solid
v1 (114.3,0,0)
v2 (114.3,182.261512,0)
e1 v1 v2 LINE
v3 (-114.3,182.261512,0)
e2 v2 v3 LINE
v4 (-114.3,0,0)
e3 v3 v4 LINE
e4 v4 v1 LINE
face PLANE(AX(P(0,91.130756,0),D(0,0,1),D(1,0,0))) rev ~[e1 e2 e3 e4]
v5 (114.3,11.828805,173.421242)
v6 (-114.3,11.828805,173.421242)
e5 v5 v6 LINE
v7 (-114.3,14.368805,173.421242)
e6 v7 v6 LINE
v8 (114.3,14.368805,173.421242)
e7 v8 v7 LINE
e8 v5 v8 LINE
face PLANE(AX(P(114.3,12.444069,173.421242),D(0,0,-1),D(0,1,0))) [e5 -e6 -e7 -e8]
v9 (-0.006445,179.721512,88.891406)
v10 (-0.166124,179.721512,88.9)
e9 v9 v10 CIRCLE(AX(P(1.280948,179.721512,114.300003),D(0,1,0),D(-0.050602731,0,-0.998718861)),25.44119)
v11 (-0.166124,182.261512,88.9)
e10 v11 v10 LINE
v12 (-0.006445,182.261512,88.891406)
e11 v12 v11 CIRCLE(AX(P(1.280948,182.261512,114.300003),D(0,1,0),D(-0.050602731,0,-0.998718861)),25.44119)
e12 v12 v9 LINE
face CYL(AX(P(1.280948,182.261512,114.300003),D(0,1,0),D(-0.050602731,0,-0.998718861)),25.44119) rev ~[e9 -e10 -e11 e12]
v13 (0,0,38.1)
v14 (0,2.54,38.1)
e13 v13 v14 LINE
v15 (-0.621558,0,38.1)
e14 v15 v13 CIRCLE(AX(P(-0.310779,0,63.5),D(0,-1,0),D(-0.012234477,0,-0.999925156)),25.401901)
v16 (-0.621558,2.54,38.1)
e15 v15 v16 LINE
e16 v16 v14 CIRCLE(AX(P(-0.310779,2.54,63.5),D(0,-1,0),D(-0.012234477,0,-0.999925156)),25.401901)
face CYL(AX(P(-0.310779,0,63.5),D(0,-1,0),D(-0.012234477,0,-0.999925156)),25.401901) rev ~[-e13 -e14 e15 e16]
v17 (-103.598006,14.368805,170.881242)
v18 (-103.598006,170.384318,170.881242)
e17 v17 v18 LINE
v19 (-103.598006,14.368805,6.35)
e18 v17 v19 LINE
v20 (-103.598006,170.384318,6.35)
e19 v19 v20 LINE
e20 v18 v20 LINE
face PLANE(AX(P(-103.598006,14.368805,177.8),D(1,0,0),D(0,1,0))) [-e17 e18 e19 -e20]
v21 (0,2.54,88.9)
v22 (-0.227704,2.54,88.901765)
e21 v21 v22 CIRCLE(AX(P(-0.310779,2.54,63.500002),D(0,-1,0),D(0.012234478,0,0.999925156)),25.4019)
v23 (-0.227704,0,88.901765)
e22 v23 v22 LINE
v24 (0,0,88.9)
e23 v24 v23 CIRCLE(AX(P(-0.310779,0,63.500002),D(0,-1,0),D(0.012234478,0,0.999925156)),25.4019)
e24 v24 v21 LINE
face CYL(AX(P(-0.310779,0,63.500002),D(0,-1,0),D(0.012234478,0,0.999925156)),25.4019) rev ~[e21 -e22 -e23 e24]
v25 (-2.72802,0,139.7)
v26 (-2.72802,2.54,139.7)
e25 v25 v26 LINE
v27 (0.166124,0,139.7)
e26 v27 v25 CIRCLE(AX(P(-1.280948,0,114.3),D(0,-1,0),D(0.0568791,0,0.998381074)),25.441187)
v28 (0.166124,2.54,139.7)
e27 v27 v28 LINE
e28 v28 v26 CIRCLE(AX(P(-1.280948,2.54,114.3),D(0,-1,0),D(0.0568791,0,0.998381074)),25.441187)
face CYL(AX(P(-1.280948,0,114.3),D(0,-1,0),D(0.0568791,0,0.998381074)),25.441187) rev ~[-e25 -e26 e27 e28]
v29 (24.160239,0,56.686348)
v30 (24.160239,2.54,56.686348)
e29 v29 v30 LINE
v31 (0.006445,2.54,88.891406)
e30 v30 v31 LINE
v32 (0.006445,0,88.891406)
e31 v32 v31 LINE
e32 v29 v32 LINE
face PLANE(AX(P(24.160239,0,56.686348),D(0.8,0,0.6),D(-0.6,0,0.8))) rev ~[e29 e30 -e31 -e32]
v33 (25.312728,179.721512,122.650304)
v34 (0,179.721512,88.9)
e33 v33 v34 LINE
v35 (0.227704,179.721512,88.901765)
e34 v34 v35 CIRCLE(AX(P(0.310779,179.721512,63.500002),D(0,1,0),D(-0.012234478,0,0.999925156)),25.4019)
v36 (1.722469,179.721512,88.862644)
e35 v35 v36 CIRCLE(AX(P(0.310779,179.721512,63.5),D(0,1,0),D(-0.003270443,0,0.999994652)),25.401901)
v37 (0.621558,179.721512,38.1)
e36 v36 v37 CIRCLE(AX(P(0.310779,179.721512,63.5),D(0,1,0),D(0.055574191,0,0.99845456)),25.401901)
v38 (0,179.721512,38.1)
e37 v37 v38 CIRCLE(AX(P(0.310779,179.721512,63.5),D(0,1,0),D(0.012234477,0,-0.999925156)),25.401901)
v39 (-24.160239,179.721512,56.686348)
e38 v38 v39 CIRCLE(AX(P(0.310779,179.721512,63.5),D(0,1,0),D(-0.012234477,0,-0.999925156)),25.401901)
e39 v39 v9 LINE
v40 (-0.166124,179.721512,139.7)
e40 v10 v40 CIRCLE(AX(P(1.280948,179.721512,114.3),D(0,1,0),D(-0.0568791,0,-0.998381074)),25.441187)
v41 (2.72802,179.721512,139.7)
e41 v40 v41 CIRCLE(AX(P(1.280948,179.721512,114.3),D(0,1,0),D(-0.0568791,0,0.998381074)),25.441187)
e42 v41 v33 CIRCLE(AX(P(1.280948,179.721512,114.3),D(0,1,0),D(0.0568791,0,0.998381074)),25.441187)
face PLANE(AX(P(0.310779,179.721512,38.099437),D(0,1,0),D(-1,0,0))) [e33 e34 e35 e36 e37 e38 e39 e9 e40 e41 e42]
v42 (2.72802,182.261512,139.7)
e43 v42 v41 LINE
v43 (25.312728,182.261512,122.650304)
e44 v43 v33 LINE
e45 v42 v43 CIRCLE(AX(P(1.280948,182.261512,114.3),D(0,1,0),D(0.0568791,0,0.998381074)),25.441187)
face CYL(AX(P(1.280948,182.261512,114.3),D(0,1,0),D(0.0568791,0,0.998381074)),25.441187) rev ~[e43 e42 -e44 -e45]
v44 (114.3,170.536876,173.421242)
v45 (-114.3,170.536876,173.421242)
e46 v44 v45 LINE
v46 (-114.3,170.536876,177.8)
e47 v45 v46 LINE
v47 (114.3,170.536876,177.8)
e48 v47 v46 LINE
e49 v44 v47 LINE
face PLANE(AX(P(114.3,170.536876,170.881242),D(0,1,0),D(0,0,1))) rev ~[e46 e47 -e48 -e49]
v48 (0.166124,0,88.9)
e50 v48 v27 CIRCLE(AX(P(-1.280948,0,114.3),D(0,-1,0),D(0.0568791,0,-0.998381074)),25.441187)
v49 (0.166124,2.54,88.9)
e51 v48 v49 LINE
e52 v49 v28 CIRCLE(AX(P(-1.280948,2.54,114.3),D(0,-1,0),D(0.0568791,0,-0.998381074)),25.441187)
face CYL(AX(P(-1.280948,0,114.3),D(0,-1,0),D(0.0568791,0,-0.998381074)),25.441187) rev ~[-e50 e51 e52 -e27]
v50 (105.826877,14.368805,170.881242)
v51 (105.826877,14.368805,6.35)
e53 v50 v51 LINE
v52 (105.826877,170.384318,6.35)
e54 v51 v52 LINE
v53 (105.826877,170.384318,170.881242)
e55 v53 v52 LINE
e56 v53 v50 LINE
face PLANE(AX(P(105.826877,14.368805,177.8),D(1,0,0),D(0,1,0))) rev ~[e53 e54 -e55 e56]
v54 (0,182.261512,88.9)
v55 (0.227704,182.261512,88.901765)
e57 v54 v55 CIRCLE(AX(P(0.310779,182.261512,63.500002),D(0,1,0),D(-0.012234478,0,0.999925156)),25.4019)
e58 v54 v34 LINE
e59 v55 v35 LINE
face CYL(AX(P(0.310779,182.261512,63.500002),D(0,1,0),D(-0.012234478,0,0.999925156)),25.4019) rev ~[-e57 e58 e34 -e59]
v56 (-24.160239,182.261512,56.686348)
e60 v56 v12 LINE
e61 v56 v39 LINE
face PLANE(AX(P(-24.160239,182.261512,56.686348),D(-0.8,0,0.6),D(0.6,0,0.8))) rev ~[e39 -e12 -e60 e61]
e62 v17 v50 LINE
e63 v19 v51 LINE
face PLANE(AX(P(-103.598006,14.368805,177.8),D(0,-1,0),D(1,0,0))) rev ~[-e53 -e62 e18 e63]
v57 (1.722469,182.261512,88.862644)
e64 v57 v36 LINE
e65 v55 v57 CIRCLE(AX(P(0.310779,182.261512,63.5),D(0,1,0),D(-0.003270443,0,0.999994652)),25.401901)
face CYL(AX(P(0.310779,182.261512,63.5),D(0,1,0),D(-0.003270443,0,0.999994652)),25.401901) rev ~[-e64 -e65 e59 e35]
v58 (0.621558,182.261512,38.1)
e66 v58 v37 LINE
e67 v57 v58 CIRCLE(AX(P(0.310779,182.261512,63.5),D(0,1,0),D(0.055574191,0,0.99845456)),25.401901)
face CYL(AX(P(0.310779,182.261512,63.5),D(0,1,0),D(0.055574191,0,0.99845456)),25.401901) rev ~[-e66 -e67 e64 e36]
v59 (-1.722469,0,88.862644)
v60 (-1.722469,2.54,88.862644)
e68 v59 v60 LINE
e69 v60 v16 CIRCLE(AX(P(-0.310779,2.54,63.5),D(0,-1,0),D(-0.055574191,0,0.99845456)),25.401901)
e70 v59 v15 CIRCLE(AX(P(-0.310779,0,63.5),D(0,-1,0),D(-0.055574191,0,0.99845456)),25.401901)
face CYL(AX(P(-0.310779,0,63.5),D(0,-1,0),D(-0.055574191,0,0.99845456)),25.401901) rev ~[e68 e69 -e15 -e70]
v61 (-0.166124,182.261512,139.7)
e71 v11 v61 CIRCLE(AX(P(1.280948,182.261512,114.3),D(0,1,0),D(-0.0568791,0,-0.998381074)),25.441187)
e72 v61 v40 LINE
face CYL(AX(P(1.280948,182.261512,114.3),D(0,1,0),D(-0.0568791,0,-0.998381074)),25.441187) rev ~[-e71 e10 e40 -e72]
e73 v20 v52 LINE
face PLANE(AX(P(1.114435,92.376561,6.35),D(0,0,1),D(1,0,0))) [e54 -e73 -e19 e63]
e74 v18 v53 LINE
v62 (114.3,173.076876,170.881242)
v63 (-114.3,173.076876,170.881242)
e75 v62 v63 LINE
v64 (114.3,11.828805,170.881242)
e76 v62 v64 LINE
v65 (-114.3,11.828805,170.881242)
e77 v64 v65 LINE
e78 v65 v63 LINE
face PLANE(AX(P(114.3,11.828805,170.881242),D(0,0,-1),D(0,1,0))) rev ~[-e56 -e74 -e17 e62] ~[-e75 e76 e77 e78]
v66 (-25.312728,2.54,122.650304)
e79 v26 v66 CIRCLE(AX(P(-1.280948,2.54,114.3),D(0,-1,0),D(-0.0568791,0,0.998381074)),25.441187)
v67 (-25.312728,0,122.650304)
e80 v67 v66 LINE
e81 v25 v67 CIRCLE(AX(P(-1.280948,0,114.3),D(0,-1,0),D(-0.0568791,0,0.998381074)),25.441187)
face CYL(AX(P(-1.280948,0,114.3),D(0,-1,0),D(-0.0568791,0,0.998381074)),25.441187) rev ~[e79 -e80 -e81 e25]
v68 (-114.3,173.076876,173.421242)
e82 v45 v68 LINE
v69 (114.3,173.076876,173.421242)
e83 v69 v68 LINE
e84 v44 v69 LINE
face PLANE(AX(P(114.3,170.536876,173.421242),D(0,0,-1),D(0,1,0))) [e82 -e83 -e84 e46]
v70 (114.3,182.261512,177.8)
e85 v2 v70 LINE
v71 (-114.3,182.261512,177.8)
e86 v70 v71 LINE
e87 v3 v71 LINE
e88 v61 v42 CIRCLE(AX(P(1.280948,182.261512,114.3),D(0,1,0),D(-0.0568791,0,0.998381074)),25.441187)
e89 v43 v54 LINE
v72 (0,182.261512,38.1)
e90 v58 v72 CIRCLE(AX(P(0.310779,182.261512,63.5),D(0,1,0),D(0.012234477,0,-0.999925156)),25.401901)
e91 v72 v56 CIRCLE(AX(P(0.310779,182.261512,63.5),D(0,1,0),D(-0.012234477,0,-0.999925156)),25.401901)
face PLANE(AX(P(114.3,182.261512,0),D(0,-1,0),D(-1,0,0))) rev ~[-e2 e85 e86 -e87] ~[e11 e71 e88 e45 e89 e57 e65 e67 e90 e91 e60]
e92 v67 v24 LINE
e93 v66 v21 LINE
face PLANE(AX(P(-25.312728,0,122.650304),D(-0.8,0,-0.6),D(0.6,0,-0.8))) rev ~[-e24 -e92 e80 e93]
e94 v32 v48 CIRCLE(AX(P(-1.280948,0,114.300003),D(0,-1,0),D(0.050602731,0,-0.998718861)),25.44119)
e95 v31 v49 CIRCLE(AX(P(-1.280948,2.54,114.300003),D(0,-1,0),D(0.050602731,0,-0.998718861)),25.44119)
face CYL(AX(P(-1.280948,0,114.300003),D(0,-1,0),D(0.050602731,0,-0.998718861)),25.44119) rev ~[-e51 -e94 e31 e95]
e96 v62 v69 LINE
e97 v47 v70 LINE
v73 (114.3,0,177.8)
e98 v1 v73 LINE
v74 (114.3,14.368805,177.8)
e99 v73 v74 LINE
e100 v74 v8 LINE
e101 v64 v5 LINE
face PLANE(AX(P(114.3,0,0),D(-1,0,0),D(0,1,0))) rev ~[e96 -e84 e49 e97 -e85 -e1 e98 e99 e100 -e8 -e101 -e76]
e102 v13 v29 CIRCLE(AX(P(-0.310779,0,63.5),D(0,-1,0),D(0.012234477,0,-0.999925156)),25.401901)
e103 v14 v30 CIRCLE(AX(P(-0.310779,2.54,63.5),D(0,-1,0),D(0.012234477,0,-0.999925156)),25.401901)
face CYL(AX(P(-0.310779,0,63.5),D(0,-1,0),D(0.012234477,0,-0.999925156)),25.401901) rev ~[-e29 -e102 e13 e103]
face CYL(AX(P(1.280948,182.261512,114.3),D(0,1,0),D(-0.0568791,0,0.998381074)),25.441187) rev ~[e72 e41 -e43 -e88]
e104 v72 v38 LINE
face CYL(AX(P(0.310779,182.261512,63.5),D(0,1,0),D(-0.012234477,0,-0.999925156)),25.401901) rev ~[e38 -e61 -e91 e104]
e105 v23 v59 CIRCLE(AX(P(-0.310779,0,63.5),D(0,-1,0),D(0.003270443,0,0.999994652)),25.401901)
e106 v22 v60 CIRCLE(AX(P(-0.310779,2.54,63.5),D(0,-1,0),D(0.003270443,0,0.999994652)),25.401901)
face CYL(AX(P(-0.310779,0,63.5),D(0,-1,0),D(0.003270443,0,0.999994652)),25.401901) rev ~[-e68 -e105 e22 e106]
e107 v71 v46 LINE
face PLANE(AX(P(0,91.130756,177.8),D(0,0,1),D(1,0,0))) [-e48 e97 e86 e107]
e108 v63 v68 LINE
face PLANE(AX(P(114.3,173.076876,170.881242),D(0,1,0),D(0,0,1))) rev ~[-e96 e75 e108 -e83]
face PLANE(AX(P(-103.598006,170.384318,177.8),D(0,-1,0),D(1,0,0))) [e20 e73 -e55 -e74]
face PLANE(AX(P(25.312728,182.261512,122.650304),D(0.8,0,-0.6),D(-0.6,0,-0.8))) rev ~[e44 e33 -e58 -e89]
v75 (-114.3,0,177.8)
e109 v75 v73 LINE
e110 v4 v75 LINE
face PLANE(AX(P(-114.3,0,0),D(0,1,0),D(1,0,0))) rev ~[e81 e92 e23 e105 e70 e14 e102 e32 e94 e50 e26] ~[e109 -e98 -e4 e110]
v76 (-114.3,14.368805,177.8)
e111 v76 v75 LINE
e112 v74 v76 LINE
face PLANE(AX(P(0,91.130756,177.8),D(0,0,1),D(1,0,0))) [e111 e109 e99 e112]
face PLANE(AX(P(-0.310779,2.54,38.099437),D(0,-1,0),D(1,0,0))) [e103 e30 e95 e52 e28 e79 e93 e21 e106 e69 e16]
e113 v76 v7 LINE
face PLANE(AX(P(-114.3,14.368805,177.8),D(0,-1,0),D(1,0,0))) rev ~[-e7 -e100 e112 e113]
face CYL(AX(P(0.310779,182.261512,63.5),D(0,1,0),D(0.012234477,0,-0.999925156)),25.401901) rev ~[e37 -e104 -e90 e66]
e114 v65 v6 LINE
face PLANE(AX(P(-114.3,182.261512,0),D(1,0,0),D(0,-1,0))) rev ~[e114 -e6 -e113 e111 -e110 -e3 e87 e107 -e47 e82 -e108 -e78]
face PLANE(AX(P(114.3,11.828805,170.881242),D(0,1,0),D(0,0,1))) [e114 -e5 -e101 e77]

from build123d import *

# Parameters (mm, degrees)
F1_DEPTH  = 177.8
F2_W      = 209.4248831272
F2_H      = 156.0155125335
F3_DEPTH  = 171.45
F4_W      = 155.5528063327
F4_H      = 6.91875844
F5_DEPTH  = 228.601
F6_W      = 2.54
F6_H      = 2.54
F7_DEPTH  = 228.601
F8_W      = 2.54
F8_H      = 2.54
F9_DEPTH  = 228.601
F10_W     = 8.4731229424
F10_H     = 0.6152642891
F11_DEPTH = 5.08
F12_W     = 10.7019939303
F12_H     = 0.6152642891
F13_DEPTH = 5.08
F14_W     = 0.6152642891
F14_H     = 2.54
F15_DEPTH = 228.601
F18_DEPTH = 2.54
F20_DEPTH = 2.54


with BuildPart() as f1:
    # F0 (on Top) → F1 (new body)
    with BuildSketch(Plane.XY):
        Polygon((-114.3, 0), (0, 0), (114.3, 0), (114.3, 182.2615116835), (-114.3, 182.2615116835), align=None)
    extrude(amount=F1_DEPTH)

    # F2 (on face) → F3 (cut)
    with BuildSketch(Plane.XY.offset(177.8)):
        with Locations((1.1144354939, 92.3765613697)):
            Rectangle(F2_W, F2_H)
    extrude(amount=-F3_DEPTH, mode=Mode.SUBTRACT)

    # F4 (on face) → F5 (cut, through all)
    with BuildSketch(Plane.YZ.offset(114.3)):
        with Locations((92.7604725584, 174.34062078)):
            Rectangle(F4_W, F4_H)
    extrude(amount=-F5_DEPTH, mode=Mode.SUBTRACT)

    # F6 (on face) → F7 (cut, through all)
    with BuildSketch(Plane.YZ.offset(114.3)):
        with Locations((171.8068757248, 172.15124156)):
            Rectangle(F6_W, F6_H)
    extrude(amount=-F7_DEPTH, mode=Mode.SUBTRACT)

    # F8 (on face) → F9 (cut, through all)
    with BuildSketch(Plane.YZ.offset(114.3)):
        with Locations((13.7140693921, 172.15124156)):
            Rectangle(F8_W, F8_H)
    extrude(amount=-F9_DEPTH, mode=Mode.SUBTRACT)

    # F10 (on face) → F11 (cut)
    with BuildSketch(Plane.XY.offset(177.8)):
        with Locations((110.0634385288, 14.6764372475)):
            Rectangle(F10_W, F10_H)
    extrude(amount=-F11_DEPTH, mode=Mode.SUBTRACT)

    # F12 (on face) → F13 (cut)
    with BuildSketch(Plane.XY.offset(177.8)):
        with Locations((-108.9490030348, 14.6764372475)):
            Rectangle(F12_W, F12_H)
    extrude(amount=-F13_DEPTH, mode=Mode.SUBTRACT)

    # F14 (on face) → F15 (cut, through all)
    with BuildSketch(Plane.YZ.offset(114.3)):
        with Locations((12.1364372475, 172.15124156)):
            Rectangle(F14_W, F14_H)
    extrude(amount=-F15_DEPTH, mode=Mode.SUBTRACT)

    # F17 (on face) → F18 (cut)
    with BuildSketch(Plane.XZ):
        with BuildLine():
            ThreePointArc((-0.6215579752, 38.1), (-0.3107789876, 38.0980988196), (0, 38.1))
            Line((0, 38.1), (-0.6215579752, 38.1))
        make_face()
        with BuildLine():
            Line((-0.6215579752, 38.1), (0, 38.1))
            ThreePointArc((0, 38.1), (15.1778442025, 43.3664673926), (24.1602391289, 56.6863478281))
            Line((24.1602391289, 56.6863478281), (0.0064452881, 88.8914062825))
            ThreePointArc((0.0064452881, 88.8914062825), (-0.8577674698, 88.8623323611), (-1.722469087, 88.8626440783))
            ThreePointArc((-1.722469087, 88.8626440783), (-25.7067084526, 62.9492276466), (-0.6215579752, 38.1))
        make_face()
        with BuildLine():
            ThreePointArc((-0.227703523, 88.9017653333), (-0.9753742254, 88.8932057202), (-1.722469087, 88.8626440783))
            ThreePointArc((-1.722469087, 88.8626440783), (-0.8577674698, 88.8623323611), (0.0064452881, 88.8914062825))
            Line((0.0064452881, 88.8914062825), (0, 88.9))
            ThreePointArc((0, 88.9), (-0.1138537398, 88.9006274972), (-0.227703523, 88.9017653333))
        make_face()
        with BuildLine():
            Line((0, 88.9), (0.0064452881, 88.8914062825))
            ThreePointArc((0.0064452881, 88.8914062825), (0.0862911744, 88.8955776847), (0.1661235568, 88.9))
            ThreePointArc((0.1661235568, 88.9), (0.0830617784, 88.8998641882), (0, 88.9))
        make_face()
        with BuildLine():
            ThreePointArc((0, 88.9), (-0.1138497834, 88.9011378184), (-0.227703523, 88.9017653333))
            ThreePointArc((-0.227703523, 88.9017653333), (-0.1138537398, 88.9006274972), (0, 88.9))
        make_face()
        with BuildLine():
            Line((-25.3127280516, 122.6503040688), (0, 88.9))
            ThreePointArc((0, 88.9), (0.0830617784, 88.8998641882), (0.1661235568, 88.9))
            ThreePointArc((0.1661235568, 88.9), (24.1602391289, 114.3), (0.1661235568, 139.7))
            Line((0.1661235568, 139.7), (0, 139.7))
            Line((0, 139.7), (-2.7280201219, 139.7))
            ThreePointArc((-2.7280201219, 139.7), (-16.6095490882, 134.6048766126), (-25.3127280516, 122.6503040688))
        make_face()
        with BuildLine():
            Line((0, 139.7), (0.1661235568, 139.7))
            ThreePointArc((0.1661235568, 139.7), (0.0830617784, 139.7001358118), (0, 139.7))
        make_face()
        with BuildLine():
            ThreePointArc((0, 139.7), (0.0830617784, 139.7001358118), (0.1661235568, 139.7))
            ThreePointArc((0.1661235568, 139.7), (-1.2809482826, 139.7411874115), (-2.7280201219, 139.7))
            Line((-2.7280201219, 139.7), (0, 139.7))
        make_face()
    extrude(amount=-F18_DEPTH, mode=Mode.SUBTRACT)

    # F19 (on face) → F20 (cut)
    with BuildSketch(Plane(origin=(0, 182.2615116835, 0), x_dir=(-1, 0, 0), z_dir=(0, 1, 0))):
        with BuildLine():
            ThreePointArc((-0.6215579752, 38.1), (-0.3107789876, 38.0980988196), (0, 38.1))
            Line((0, 38.1), (-0.6215579752, 38.1))
        make_face()
        with BuildLine():
            Line((-0.6215579752, 38.1), (0, 38.1))
            ThreePointArc((0, 38.1), (15.1778442025, 43.3664673926), (24.1602391289, 56.6863478281))
            Line((24.1602391289, 56.6863478281), (0.0064452881, 88.8914062825))
            ThreePointArc((0.0064452881, 88.8914062825), (-0.8577674698, 88.8623323611), (-1.722469087, 88.8626440783))
            ThreePointArc((-1.722469087, 88.8626440783), (-25.7067084526, 62.9492276466), (-0.6215579752, 38.1))
        make_face()
        with BuildLine():
            ThreePointArc((-0.227703523, 88.9017653333), (-0.9753742254, 88.8932057202), (-1.722469087, 88.8626440783))
            ThreePointArc((-1.722469087, 88.8626440783), (-0.8577674698, 88.8623323611), (0.0064452881, 88.8914062825))
            Line((0.0064452881, 88.8914062825), (0, 88.9))
            ThreePointArc((0, 88.9), (-0.1138537398, 88.9006274972), (-0.227703523, 88.9017653333))
        make_face()
        with BuildLine():
            Line((0, 88.9), (0.0064452881, 88.8914062825))
            ThreePointArc((0.0064452881, 88.8914062825), (0.0862911744, 88.8955776847), (0.1661235568, 88.9))
            ThreePointArc((0.1661235568, 88.9), (0.0830617784, 88.8998641882), (0, 88.9))
        make_face()
        with BuildLine():
            ThreePointArc((0, 88.9), (-0.1138497834, 88.9011378184), (-0.227703523, 88.9017653333))
            ThreePointArc((-0.227703523, 88.9017653333), (-0.1138537398, 88.9006274972), (0, 88.9))
        make_face()
        with BuildLine():
            Line((-25.3127280516, 122.6503040688), (0, 88.9))
            ThreePointArc((0, 88.9), (0.0830617784, 88.8998641882), (0.1661235568, 88.9))
            ThreePointArc((0.1661235568, 88.9), (24.1602391289, 114.3), (0.1661235568, 139.7))
            Line((0.1661235568, 139.7), (0, 139.7))
            Line((0, 139.7), (-2.7280201219, 139.7))
            ThreePointArc((-2.7280201219, 139.7), (-16.6095490882, 134.6048766126), (-25.3127280516, 122.6503040688))
        make_face()
        with BuildLine():
            Line((0, 139.7), (0.1661235568, 139.7))
            ThreePointArc((0.1661235568, 139.7), (0.0830617784, 139.7001358118), (0, 139.7))
        make_face()
        with BuildLine():
            ThreePointArc((0, 139.7), (0.0830617784, 139.7001358118), (0.1661235568, 139.7))
            ThreePointArc((0.1661235568, 139.7), (-1.2809482826, 139.7411874115), (-2.7280201219, 139.7))
            Line((-2.7280201219, 139.7), (0, 139.7))
        make_face()
    extrude(amount=-F20_DEPTH, mode=Mode.SUBTRACT)


solid = f1.part
